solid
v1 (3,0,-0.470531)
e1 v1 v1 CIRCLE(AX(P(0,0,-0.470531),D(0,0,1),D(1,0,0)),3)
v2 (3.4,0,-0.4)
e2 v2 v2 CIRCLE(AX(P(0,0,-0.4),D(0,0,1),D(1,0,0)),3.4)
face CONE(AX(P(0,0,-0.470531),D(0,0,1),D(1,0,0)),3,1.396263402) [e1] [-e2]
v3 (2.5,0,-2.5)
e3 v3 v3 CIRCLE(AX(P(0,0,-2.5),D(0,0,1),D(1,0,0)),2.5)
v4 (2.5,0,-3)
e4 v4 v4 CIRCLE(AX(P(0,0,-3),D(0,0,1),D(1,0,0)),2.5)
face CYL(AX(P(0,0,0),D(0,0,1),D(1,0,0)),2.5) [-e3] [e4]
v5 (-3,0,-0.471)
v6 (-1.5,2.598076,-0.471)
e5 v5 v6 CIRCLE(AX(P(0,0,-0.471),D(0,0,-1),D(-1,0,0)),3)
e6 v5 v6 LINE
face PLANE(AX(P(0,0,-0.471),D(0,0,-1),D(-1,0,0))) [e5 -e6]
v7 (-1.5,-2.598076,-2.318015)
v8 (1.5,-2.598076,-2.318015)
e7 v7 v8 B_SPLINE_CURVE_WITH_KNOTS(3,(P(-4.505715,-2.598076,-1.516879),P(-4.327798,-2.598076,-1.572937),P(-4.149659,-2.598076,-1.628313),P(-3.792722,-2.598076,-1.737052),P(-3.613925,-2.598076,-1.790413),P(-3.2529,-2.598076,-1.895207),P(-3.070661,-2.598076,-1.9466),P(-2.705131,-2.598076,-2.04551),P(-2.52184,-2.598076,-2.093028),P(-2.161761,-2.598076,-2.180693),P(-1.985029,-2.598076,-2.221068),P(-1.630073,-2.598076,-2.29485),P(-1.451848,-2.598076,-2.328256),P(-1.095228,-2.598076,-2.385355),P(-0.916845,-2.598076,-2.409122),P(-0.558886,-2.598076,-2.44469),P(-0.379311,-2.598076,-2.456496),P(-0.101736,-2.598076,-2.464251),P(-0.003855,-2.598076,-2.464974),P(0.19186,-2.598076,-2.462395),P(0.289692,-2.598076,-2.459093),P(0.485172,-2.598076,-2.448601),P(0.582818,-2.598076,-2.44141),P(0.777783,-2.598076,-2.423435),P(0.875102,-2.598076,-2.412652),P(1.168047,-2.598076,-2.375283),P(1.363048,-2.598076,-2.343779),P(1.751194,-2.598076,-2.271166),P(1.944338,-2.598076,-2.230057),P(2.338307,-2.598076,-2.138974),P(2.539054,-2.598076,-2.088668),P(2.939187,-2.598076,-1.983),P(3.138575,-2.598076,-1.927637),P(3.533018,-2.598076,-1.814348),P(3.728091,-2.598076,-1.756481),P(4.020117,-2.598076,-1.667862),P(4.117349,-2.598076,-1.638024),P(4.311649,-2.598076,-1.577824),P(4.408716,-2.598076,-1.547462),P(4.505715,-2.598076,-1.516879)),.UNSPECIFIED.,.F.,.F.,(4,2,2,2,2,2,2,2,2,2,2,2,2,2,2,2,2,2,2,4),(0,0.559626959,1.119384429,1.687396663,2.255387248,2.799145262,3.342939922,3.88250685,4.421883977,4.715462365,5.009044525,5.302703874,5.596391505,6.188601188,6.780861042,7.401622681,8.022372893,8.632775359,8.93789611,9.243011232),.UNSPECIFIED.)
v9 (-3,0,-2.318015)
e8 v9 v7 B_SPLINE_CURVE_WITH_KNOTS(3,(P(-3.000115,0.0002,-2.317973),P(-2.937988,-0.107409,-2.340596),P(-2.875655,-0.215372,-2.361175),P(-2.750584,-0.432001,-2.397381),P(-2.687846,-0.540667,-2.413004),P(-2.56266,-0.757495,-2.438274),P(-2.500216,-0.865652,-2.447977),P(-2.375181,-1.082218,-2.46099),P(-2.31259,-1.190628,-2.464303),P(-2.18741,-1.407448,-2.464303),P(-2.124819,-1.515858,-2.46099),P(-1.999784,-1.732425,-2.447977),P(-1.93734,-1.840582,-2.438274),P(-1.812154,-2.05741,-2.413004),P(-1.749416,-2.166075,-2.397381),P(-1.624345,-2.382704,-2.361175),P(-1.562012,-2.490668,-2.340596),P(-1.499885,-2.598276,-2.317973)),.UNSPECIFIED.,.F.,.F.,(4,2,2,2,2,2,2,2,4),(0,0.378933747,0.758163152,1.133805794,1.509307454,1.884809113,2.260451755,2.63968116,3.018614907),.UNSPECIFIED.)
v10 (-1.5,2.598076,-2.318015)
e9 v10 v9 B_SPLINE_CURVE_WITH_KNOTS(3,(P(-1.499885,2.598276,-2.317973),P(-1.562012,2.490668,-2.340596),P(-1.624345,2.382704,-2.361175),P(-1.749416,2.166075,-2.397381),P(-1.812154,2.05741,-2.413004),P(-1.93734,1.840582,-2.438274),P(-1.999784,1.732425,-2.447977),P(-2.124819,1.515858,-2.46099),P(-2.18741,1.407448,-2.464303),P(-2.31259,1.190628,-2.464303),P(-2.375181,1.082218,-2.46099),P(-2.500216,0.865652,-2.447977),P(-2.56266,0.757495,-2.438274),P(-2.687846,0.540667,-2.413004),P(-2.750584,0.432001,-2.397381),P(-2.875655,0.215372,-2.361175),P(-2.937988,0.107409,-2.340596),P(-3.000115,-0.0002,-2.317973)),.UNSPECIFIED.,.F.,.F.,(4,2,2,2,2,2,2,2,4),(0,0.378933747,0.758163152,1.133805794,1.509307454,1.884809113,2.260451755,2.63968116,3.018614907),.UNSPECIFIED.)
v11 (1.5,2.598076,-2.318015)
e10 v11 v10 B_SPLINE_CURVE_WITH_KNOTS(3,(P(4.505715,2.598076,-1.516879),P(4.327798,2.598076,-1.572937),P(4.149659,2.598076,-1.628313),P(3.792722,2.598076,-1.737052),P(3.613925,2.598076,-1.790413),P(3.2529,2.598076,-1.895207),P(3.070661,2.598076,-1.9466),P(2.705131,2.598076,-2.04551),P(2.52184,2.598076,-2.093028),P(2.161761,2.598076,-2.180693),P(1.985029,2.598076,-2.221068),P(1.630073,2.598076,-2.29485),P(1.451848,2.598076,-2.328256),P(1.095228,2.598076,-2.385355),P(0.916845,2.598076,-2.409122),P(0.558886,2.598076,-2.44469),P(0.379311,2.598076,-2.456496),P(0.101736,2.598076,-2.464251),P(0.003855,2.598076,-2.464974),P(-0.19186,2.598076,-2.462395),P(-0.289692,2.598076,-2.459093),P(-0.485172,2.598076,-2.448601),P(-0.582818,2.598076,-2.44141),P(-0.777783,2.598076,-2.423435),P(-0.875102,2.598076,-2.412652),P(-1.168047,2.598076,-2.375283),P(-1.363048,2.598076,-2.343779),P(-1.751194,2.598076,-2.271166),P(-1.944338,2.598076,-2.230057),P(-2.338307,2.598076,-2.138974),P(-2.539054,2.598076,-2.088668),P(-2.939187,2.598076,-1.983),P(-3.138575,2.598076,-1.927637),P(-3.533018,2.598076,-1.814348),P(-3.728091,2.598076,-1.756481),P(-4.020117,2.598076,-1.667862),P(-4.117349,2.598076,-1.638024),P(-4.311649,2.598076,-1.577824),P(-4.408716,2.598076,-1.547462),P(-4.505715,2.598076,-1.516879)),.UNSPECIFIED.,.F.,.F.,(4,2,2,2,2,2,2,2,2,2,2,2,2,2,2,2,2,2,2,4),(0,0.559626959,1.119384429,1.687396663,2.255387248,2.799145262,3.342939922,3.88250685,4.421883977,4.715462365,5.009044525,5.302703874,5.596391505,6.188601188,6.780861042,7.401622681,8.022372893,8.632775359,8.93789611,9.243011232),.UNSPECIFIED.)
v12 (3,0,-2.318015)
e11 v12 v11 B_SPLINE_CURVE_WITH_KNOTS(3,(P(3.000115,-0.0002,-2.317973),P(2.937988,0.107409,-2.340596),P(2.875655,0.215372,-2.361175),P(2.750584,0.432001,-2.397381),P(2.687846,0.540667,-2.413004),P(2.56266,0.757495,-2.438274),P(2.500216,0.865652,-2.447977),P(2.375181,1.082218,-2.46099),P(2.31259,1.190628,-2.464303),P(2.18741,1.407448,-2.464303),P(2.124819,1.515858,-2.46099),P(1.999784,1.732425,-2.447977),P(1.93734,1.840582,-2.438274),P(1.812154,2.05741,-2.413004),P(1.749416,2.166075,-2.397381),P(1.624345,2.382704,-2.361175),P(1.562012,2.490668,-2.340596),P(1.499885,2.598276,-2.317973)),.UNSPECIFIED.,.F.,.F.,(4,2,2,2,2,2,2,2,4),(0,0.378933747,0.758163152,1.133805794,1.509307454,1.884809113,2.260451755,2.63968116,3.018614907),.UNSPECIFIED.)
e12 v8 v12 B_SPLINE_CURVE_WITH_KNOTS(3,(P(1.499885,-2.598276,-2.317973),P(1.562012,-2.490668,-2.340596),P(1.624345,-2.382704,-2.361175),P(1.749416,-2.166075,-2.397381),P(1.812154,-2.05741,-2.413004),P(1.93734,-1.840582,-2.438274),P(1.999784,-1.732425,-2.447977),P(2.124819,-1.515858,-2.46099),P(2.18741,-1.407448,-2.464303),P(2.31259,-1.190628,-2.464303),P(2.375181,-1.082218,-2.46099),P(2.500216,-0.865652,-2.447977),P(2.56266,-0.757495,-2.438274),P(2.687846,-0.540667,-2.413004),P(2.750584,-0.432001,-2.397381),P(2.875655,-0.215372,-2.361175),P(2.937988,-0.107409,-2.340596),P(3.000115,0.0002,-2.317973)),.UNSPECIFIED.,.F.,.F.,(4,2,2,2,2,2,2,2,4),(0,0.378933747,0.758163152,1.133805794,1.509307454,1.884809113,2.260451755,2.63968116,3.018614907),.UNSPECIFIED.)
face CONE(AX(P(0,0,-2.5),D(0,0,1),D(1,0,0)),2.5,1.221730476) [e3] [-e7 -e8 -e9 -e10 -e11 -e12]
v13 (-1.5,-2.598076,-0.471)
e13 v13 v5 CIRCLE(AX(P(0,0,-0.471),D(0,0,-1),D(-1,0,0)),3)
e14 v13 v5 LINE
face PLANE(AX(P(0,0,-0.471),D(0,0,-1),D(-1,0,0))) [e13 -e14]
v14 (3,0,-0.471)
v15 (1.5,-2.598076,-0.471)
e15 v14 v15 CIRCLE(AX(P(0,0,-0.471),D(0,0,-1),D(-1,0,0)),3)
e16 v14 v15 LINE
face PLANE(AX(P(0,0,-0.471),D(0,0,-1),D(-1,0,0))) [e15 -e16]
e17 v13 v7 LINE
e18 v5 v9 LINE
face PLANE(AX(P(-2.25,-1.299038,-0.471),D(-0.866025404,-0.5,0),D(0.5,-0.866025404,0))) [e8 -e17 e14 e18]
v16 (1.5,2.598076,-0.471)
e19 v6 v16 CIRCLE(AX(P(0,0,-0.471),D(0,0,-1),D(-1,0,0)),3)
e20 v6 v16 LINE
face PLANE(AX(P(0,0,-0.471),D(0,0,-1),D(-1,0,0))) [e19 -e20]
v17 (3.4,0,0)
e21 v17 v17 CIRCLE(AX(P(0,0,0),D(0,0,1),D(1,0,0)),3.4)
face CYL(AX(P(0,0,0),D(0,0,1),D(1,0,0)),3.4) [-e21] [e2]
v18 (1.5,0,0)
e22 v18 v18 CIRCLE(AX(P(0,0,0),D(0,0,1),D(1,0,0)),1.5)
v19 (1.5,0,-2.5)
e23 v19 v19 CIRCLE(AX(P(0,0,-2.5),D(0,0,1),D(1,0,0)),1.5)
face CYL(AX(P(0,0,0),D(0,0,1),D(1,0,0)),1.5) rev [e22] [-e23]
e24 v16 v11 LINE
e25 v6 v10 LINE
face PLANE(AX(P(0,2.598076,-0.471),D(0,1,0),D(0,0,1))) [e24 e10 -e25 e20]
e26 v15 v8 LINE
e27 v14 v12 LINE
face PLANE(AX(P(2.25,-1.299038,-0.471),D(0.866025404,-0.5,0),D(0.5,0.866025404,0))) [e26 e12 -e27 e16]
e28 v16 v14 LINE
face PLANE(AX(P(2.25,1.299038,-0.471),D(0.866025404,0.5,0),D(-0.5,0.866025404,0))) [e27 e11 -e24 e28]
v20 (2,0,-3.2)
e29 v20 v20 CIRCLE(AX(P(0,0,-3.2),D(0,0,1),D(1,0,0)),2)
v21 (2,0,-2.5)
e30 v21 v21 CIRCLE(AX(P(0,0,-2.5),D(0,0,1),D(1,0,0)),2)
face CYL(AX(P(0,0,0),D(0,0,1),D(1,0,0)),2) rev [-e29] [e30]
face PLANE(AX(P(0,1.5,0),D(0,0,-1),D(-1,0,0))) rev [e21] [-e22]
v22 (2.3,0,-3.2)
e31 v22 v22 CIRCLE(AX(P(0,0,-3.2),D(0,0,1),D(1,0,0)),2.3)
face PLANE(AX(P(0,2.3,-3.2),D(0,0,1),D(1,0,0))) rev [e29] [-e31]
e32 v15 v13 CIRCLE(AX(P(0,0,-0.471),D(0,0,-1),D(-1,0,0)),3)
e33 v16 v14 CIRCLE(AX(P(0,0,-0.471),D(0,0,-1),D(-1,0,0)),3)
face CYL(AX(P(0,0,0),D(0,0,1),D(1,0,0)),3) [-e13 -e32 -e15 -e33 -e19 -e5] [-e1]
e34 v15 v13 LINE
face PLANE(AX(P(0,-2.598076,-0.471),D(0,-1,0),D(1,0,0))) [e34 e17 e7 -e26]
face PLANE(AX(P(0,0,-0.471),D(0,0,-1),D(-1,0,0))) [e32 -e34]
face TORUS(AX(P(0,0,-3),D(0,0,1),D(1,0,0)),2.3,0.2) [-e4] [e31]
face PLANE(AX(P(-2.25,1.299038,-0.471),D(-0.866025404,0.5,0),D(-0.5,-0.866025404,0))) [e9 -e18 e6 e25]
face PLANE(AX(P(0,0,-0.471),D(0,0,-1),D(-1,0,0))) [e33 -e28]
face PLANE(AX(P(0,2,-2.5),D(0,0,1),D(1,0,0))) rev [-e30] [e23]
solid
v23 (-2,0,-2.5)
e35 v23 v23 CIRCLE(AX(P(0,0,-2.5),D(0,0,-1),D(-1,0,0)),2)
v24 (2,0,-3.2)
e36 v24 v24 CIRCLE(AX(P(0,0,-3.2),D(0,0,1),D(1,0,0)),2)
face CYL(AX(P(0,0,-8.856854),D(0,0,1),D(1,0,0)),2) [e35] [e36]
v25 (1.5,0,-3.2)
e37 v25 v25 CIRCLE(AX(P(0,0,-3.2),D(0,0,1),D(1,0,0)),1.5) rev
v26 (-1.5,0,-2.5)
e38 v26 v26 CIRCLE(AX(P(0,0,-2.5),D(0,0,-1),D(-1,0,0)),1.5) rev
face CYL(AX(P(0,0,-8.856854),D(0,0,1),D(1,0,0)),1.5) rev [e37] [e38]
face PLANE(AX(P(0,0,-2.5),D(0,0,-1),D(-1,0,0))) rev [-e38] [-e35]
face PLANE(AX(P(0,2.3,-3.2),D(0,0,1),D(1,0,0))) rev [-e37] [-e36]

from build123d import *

# Parameters (mm, degrees)
CUT_EXTRUDE_2_DEPTH = 2.729
CUT_EXTRUDE_3_DEPTH = 2.729
CUT_EXTRUDE_8_DEPTH = 2.729
CUT_EXTRUDE_7_DEPTH = 2.729
SKETCH_11_R         = 2
SKETCH_11_R_2       = 1.5
EXTRUDE_3_DEPTH     = 0.7
CUT_EXTRUDE_9_DEPTH = 2.729


with BuildPart() as part:
    # 草图2 → 旋转2 (revolve)
    with BuildSketch(Plane(origin=(0, 0, 0), x_dir=(0, 0, -1), z_dir=(1, 0, 0)), mode=Mode.PRIVATE) as revolve_2_sk:
        with BuildLine():
            Line((0, 1.5), (0, 3.4))
            Line((0, 3.4), (0.4, 3.4))
            Line((0.4, 3.4), (0.470530792, 3))
            Line((0.470530792, 3), (2.318014883, 3))
            Line((2.318014883, 3), (2.5, 2.5))
            Line((2.5, 2.5), (3, 2.5))
            ThreePointArc((3, 2.5), (3.141421356, 2.441421356), (3.2, 2.3))
            Line((3.2, 2.3), (3.2, 2))
            Line((3.2, 2), (2.5, 2))
            Line((2.5, 2), (2.5, 1.5))
            Line((2.5, 1.5), (0, 1.5))
        make_face()
    revolve(revolve_2_sk.sketch.rotate(Axis((0, 0, 0), (0, 0, -1)), 90), axis=Axis((0, 0, 0), (0, 0, -1)))

    # 草图10 → 切除-拉伸2 (cut)
    with BuildSketch(Plane(origin=(0, 0, -3.2), x_dir=(-1, 0, 0), z_dir=(0, 0, -1))):
        with BuildLine():
            Line((-3, 0), (-1.5, 2.598076211))
            ThreePointArc((-1.5, 2.598076211), (-2.598076211, 1.5), (-3, 0))
        make_face()
    extrude(amount=-CUT_EXTRUDE_2_DEPTH, mode=Mode.SUBTRACT)

    # 草图10<4> → 切除-拉伸3 (cut)
    with BuildSketch(Plane(origin=(0, 0, -3.2), x_dir=(-1, 0, 0), z_dir=(0, 0, -1))):
        with BuildLine():
            Line((-1.5, -2.598076211), (-3, 0))
            ThreePointArc((-3, 0), (-2.598076211, -1.5), (-1.5, -2.598076211))
        make_face()
    extrude(amount=-CUT_EXTRUDE_3_DEPTH, mode=Mode.SUBTRACT)

    # 草图10<8> → 切除-拉伸8 (cut)
    with BuildSketch(Plane(origin=(0, 0, -3.2), x_dir=(-1, 0, 0), z_dir=(0, 0, -1))):
        with BuildLine():
            ThreePointArc((1.5, 2.598076211), (0, 3), (-1.5, 2.598076211))
            Line((-1.5, 2.598076211), (1.5, 2.598076211))
        make_face()
    extrude(amount=-CUT_EXTRUDE_8_DEPTH, mode=Mode.SUBTRACT)

    # 草图10<7> → 切除-拉伸7 (cut)
    with BuildSketch(Plane(origin=(0, 0, -3.2), x_dir=(-1, 0, 0), z_dir=(0, 0, -1))):
        with BuildLine():
            ThreePointArc((1.5, 2.598076211), (0, 3), (-1.5, 2.598076211))
            Line((-1.5, 2.598076211), (1.5, 2.598076211))
        make_face()
        with BuildLine():
            ThreePointArc((3, 0), (2.598076211, 1.5), (1.5, 2.598076211))
            Line((1.5, 2.598076211), (3, 0))
        make_face()
        with BuildLine():
            ThreePointArc((1.5, -2.598076211), (2.598076211, -1.5), (3, 0))
            Line((3, 0), (1.5, -2.598076211))
        make_face()
    extrude(amount=-CUT_EXTRUDE_7_DEPTH, mode=Mode.SUBTRACT)

    # 草图10<9> → 切除-拉伸9 (cut)
    with BuildSketch(Plane(origin=(0, 0, -3.2), x_dir=(-1, 0, 0), z_dir=(0, 0, -1))):
        with BuildLine():
            Line((1.5, -2.598076211), (-1.5, -2.598076211))
            ThreePointArc((-1.5, -2.598076211), (0, -3), (1.5, -2.598076211))
        make_face()
    extrude(amount=-CUT_EXTRUDE_9_DEPTH, mode=Mode.SUBTRACT)


with BuildPart() as body_2:
    # 草图11 → 凸台-拉伸3 (new body)
    with BuildSketch(Plane(origin=(0, 0, -2.5), x_dir=(-1, 0, 0), z_dir=(0, 0, -1))):
        with Locations(Location((0, 0, 0), (0, 0, 180))):
            Circle(SKETCH_11_R)
        with Locations(Location((0, 0, 0), (0, 0, 180))):
            Circle(SKETCH_11_R_2, mode=Mode.SUBTRACT)
    extrude(amount=EXTRUDE_3_DEPTH)


solid = Compound([part.part, body_2.part])
